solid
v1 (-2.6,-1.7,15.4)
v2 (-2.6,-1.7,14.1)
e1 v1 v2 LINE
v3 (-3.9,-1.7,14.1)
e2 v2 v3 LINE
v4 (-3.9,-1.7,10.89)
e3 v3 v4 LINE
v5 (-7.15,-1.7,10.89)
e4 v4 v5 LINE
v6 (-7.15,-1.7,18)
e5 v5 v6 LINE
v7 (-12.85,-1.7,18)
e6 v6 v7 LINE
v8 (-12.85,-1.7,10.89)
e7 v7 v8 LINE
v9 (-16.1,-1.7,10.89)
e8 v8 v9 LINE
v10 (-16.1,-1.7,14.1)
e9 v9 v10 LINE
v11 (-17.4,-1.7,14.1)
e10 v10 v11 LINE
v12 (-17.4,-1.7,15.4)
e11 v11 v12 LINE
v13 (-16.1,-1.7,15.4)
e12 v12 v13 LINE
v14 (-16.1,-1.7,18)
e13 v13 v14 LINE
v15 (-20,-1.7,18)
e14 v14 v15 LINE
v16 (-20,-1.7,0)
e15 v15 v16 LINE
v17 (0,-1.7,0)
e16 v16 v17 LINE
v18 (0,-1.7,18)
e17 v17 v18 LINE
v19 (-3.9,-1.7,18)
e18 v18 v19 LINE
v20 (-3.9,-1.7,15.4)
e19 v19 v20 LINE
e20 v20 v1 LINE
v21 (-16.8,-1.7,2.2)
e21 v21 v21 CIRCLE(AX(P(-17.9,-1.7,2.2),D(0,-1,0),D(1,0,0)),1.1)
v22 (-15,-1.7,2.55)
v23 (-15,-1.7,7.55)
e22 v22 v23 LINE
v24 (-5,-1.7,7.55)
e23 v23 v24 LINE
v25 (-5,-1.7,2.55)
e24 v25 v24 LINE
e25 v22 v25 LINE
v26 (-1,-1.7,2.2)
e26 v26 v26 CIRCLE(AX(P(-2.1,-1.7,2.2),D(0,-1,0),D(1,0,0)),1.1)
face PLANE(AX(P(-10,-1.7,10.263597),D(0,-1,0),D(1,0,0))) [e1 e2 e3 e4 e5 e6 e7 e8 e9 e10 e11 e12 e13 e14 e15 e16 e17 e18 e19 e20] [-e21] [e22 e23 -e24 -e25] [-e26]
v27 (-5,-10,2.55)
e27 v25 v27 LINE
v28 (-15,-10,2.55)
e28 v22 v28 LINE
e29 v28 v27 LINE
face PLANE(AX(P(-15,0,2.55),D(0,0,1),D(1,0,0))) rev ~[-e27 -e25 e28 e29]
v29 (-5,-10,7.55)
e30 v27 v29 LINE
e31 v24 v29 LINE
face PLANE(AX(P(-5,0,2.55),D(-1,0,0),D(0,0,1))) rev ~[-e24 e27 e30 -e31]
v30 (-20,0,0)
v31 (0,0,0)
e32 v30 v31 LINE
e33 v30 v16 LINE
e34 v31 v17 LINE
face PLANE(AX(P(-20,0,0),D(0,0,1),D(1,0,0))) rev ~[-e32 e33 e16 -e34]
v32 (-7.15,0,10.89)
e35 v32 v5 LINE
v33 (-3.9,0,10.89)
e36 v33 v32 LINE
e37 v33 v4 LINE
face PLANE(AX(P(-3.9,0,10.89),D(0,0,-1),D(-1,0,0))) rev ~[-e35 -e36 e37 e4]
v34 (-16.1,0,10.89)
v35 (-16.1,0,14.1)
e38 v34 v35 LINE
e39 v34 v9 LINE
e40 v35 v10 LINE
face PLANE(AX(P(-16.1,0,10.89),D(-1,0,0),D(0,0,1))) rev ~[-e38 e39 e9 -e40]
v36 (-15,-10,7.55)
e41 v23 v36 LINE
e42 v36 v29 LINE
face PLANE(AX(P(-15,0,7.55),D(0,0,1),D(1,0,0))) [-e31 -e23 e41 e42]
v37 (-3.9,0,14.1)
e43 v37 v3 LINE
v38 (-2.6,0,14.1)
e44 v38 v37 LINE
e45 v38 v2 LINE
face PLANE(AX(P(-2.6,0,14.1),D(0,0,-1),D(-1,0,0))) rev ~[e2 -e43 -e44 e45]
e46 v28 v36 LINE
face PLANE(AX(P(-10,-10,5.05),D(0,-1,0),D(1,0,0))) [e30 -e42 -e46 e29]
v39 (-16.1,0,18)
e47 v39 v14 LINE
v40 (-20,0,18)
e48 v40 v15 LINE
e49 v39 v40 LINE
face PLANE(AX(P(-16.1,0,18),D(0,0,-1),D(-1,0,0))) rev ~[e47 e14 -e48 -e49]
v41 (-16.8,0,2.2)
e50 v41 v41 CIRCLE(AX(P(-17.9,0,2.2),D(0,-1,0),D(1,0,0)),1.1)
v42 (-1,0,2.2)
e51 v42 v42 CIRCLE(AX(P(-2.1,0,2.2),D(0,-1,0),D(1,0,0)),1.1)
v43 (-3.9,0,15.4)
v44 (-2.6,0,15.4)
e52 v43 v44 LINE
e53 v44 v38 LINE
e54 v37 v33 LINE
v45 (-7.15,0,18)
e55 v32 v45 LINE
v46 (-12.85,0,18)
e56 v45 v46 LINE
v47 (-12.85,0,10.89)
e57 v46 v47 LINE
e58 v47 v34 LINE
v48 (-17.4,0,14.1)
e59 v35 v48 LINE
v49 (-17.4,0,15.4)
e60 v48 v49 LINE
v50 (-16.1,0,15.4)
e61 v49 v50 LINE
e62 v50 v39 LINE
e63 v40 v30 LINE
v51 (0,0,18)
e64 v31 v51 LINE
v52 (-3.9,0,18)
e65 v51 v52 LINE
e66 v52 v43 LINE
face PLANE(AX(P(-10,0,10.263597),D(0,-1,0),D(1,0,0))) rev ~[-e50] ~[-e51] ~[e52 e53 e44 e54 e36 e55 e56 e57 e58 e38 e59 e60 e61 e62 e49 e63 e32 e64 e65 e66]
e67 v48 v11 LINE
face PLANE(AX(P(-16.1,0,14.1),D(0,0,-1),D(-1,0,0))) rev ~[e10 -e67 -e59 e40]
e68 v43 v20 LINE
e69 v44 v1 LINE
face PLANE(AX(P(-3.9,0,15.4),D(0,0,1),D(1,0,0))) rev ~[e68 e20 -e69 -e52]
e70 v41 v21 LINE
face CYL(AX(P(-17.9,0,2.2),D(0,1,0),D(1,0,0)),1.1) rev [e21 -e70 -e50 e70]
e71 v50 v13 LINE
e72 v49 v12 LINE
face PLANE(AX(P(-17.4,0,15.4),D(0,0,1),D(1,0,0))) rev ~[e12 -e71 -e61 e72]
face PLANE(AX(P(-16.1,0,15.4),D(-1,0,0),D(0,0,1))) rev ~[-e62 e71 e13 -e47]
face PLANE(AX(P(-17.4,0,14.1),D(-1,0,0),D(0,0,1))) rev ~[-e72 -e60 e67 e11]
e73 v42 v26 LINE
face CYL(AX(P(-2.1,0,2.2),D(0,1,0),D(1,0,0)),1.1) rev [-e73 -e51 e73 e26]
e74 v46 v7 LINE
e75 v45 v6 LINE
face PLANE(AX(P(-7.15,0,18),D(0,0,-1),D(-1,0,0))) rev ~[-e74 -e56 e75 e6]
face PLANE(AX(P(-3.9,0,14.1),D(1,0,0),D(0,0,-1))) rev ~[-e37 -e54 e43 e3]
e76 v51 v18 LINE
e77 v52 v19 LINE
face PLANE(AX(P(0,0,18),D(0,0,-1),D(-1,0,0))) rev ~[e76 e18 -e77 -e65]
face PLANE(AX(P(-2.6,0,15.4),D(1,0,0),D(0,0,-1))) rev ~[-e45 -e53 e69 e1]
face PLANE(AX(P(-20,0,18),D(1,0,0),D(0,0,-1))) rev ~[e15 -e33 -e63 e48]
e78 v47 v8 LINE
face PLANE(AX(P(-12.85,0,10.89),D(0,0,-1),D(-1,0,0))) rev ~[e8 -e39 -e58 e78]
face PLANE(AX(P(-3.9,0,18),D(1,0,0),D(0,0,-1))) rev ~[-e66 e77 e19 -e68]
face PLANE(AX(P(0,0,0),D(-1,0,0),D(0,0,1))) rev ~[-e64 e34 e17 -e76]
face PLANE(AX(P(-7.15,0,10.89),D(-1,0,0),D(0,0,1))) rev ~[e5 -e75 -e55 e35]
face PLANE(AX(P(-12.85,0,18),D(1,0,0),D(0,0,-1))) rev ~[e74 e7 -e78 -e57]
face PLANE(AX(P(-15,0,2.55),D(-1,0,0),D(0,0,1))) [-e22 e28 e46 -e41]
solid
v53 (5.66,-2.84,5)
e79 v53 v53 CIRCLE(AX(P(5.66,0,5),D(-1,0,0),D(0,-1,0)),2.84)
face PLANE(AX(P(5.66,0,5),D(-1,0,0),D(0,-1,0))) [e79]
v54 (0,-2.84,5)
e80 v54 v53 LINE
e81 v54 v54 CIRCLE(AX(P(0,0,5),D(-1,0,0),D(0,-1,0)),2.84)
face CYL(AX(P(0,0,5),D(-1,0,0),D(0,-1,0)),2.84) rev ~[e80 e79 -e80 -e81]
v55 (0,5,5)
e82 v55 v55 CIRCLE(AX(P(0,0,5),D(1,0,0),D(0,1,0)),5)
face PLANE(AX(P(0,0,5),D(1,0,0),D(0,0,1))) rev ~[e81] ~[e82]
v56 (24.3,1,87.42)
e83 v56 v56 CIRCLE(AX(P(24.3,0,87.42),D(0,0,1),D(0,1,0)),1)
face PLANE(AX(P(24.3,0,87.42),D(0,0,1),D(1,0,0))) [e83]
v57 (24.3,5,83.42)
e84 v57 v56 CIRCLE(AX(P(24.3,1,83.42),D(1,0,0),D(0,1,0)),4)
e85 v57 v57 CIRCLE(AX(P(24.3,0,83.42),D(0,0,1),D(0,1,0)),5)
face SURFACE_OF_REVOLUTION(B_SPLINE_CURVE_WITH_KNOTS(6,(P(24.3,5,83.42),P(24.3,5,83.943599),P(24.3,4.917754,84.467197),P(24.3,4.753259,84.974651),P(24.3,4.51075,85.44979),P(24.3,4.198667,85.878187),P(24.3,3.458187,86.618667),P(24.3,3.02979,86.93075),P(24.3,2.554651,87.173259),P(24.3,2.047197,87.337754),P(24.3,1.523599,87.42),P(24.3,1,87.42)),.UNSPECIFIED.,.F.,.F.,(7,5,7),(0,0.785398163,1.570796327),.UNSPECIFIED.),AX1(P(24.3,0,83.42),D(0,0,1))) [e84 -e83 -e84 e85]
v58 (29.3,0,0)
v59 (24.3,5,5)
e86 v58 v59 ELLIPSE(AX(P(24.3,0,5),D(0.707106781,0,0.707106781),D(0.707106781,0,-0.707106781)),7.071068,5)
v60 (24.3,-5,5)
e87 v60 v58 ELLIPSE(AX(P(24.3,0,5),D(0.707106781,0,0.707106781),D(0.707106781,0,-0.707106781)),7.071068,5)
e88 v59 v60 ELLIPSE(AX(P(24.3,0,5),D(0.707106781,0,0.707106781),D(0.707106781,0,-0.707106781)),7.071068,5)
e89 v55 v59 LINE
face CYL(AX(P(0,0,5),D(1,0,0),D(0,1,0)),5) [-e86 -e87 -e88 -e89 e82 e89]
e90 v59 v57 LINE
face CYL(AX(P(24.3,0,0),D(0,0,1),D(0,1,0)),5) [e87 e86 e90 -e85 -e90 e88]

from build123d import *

# Parameters (mm, degrees)
F1_R     = 5
F3_R     = 4
F4_R     = 2.84
F5_DEPTH = 5.66
F6_R     = 1.1
F6_W     = 10
F6_H     = 5
F7_DEPTH = 1.7
F8_DEPTH = 10


with BuildPart() as f2:
    # F2: sweep along a path in F0
    with BuildLine(Plane.XZ) as f2_path:
        Line((0, 0), (29.3, 0))
        Line((29.3, 0), (29.3, 87.42))
    # F1 (on Right) → F2 (sweep)
    with BuildSketch(Plane.YZ):
        with Locations((0, 5)):
            Circle(F1_R)
    sweep(path=f2_path.line, transition=Transition.RIGHT)

    # F3
    f3_edges = [f2.edges().sort_by_distance(p)[0] for p in [
        (24.3, -5, 87.42),
    ]]
    fillet(f3_edges, radius=F3_R)

    # F4 (on face) → F5 (cut)
    with BuildSketch(Plane(origin=(0, 0, 0), x_dir=(0, -1, 0), z_dir=(-1, 0, 0))):
        with Locations((0, 5)):
            Circle(F4_R)
    extrude(amount=-F5_DEPTH, mode=Mode.SUBTRACT)


with BuildPart() as f7:
    # F6 (on Front) → F7 (new body)
    with BuildSketch(Plane.XZ):
        Polygon((-20, 18), (-20, 0), (0, 0), (0, 18), (-3.9, 18), (-3.9, 15.4), (-2.6, 15.4), (-2.6, 14.1), (-3.9, 14.1), (-3.9, 10.89), (-7.15, 10.89), (-7.15, 18), (-12.85, 18), (-12.85, 10.89), (-16.1, 10.89), (-16.1, 14.1), (-17.4, 14.1), (-17.4, 15.4), (-16.1, 15.4), (-16.1, 18), align=None)
        with Locations((-17.9, 2.2)):
            Circle(F6_R, mode=Mode.SUBTRACT)
        with Locations((-2.1, 2.2)):
            Circle(F6_R, mode=Mode.SUBTRACT)
        with Locations((-10, 5.05)):
            Rectangle(F6_W, F6_H, mode=Mode.SUBTRACT)
    extrude(amount=F7_DEPTH)

    # F6 (on Front) → F8 (join)
    with BuildSketch(Plane.XZ):
        with Locations((-10, 5.05)):
            Rectangle(F6_W, F6_H)
    extrude(amount=F8_DEPTH)


solid = Compound([f2.part, f7.part])
